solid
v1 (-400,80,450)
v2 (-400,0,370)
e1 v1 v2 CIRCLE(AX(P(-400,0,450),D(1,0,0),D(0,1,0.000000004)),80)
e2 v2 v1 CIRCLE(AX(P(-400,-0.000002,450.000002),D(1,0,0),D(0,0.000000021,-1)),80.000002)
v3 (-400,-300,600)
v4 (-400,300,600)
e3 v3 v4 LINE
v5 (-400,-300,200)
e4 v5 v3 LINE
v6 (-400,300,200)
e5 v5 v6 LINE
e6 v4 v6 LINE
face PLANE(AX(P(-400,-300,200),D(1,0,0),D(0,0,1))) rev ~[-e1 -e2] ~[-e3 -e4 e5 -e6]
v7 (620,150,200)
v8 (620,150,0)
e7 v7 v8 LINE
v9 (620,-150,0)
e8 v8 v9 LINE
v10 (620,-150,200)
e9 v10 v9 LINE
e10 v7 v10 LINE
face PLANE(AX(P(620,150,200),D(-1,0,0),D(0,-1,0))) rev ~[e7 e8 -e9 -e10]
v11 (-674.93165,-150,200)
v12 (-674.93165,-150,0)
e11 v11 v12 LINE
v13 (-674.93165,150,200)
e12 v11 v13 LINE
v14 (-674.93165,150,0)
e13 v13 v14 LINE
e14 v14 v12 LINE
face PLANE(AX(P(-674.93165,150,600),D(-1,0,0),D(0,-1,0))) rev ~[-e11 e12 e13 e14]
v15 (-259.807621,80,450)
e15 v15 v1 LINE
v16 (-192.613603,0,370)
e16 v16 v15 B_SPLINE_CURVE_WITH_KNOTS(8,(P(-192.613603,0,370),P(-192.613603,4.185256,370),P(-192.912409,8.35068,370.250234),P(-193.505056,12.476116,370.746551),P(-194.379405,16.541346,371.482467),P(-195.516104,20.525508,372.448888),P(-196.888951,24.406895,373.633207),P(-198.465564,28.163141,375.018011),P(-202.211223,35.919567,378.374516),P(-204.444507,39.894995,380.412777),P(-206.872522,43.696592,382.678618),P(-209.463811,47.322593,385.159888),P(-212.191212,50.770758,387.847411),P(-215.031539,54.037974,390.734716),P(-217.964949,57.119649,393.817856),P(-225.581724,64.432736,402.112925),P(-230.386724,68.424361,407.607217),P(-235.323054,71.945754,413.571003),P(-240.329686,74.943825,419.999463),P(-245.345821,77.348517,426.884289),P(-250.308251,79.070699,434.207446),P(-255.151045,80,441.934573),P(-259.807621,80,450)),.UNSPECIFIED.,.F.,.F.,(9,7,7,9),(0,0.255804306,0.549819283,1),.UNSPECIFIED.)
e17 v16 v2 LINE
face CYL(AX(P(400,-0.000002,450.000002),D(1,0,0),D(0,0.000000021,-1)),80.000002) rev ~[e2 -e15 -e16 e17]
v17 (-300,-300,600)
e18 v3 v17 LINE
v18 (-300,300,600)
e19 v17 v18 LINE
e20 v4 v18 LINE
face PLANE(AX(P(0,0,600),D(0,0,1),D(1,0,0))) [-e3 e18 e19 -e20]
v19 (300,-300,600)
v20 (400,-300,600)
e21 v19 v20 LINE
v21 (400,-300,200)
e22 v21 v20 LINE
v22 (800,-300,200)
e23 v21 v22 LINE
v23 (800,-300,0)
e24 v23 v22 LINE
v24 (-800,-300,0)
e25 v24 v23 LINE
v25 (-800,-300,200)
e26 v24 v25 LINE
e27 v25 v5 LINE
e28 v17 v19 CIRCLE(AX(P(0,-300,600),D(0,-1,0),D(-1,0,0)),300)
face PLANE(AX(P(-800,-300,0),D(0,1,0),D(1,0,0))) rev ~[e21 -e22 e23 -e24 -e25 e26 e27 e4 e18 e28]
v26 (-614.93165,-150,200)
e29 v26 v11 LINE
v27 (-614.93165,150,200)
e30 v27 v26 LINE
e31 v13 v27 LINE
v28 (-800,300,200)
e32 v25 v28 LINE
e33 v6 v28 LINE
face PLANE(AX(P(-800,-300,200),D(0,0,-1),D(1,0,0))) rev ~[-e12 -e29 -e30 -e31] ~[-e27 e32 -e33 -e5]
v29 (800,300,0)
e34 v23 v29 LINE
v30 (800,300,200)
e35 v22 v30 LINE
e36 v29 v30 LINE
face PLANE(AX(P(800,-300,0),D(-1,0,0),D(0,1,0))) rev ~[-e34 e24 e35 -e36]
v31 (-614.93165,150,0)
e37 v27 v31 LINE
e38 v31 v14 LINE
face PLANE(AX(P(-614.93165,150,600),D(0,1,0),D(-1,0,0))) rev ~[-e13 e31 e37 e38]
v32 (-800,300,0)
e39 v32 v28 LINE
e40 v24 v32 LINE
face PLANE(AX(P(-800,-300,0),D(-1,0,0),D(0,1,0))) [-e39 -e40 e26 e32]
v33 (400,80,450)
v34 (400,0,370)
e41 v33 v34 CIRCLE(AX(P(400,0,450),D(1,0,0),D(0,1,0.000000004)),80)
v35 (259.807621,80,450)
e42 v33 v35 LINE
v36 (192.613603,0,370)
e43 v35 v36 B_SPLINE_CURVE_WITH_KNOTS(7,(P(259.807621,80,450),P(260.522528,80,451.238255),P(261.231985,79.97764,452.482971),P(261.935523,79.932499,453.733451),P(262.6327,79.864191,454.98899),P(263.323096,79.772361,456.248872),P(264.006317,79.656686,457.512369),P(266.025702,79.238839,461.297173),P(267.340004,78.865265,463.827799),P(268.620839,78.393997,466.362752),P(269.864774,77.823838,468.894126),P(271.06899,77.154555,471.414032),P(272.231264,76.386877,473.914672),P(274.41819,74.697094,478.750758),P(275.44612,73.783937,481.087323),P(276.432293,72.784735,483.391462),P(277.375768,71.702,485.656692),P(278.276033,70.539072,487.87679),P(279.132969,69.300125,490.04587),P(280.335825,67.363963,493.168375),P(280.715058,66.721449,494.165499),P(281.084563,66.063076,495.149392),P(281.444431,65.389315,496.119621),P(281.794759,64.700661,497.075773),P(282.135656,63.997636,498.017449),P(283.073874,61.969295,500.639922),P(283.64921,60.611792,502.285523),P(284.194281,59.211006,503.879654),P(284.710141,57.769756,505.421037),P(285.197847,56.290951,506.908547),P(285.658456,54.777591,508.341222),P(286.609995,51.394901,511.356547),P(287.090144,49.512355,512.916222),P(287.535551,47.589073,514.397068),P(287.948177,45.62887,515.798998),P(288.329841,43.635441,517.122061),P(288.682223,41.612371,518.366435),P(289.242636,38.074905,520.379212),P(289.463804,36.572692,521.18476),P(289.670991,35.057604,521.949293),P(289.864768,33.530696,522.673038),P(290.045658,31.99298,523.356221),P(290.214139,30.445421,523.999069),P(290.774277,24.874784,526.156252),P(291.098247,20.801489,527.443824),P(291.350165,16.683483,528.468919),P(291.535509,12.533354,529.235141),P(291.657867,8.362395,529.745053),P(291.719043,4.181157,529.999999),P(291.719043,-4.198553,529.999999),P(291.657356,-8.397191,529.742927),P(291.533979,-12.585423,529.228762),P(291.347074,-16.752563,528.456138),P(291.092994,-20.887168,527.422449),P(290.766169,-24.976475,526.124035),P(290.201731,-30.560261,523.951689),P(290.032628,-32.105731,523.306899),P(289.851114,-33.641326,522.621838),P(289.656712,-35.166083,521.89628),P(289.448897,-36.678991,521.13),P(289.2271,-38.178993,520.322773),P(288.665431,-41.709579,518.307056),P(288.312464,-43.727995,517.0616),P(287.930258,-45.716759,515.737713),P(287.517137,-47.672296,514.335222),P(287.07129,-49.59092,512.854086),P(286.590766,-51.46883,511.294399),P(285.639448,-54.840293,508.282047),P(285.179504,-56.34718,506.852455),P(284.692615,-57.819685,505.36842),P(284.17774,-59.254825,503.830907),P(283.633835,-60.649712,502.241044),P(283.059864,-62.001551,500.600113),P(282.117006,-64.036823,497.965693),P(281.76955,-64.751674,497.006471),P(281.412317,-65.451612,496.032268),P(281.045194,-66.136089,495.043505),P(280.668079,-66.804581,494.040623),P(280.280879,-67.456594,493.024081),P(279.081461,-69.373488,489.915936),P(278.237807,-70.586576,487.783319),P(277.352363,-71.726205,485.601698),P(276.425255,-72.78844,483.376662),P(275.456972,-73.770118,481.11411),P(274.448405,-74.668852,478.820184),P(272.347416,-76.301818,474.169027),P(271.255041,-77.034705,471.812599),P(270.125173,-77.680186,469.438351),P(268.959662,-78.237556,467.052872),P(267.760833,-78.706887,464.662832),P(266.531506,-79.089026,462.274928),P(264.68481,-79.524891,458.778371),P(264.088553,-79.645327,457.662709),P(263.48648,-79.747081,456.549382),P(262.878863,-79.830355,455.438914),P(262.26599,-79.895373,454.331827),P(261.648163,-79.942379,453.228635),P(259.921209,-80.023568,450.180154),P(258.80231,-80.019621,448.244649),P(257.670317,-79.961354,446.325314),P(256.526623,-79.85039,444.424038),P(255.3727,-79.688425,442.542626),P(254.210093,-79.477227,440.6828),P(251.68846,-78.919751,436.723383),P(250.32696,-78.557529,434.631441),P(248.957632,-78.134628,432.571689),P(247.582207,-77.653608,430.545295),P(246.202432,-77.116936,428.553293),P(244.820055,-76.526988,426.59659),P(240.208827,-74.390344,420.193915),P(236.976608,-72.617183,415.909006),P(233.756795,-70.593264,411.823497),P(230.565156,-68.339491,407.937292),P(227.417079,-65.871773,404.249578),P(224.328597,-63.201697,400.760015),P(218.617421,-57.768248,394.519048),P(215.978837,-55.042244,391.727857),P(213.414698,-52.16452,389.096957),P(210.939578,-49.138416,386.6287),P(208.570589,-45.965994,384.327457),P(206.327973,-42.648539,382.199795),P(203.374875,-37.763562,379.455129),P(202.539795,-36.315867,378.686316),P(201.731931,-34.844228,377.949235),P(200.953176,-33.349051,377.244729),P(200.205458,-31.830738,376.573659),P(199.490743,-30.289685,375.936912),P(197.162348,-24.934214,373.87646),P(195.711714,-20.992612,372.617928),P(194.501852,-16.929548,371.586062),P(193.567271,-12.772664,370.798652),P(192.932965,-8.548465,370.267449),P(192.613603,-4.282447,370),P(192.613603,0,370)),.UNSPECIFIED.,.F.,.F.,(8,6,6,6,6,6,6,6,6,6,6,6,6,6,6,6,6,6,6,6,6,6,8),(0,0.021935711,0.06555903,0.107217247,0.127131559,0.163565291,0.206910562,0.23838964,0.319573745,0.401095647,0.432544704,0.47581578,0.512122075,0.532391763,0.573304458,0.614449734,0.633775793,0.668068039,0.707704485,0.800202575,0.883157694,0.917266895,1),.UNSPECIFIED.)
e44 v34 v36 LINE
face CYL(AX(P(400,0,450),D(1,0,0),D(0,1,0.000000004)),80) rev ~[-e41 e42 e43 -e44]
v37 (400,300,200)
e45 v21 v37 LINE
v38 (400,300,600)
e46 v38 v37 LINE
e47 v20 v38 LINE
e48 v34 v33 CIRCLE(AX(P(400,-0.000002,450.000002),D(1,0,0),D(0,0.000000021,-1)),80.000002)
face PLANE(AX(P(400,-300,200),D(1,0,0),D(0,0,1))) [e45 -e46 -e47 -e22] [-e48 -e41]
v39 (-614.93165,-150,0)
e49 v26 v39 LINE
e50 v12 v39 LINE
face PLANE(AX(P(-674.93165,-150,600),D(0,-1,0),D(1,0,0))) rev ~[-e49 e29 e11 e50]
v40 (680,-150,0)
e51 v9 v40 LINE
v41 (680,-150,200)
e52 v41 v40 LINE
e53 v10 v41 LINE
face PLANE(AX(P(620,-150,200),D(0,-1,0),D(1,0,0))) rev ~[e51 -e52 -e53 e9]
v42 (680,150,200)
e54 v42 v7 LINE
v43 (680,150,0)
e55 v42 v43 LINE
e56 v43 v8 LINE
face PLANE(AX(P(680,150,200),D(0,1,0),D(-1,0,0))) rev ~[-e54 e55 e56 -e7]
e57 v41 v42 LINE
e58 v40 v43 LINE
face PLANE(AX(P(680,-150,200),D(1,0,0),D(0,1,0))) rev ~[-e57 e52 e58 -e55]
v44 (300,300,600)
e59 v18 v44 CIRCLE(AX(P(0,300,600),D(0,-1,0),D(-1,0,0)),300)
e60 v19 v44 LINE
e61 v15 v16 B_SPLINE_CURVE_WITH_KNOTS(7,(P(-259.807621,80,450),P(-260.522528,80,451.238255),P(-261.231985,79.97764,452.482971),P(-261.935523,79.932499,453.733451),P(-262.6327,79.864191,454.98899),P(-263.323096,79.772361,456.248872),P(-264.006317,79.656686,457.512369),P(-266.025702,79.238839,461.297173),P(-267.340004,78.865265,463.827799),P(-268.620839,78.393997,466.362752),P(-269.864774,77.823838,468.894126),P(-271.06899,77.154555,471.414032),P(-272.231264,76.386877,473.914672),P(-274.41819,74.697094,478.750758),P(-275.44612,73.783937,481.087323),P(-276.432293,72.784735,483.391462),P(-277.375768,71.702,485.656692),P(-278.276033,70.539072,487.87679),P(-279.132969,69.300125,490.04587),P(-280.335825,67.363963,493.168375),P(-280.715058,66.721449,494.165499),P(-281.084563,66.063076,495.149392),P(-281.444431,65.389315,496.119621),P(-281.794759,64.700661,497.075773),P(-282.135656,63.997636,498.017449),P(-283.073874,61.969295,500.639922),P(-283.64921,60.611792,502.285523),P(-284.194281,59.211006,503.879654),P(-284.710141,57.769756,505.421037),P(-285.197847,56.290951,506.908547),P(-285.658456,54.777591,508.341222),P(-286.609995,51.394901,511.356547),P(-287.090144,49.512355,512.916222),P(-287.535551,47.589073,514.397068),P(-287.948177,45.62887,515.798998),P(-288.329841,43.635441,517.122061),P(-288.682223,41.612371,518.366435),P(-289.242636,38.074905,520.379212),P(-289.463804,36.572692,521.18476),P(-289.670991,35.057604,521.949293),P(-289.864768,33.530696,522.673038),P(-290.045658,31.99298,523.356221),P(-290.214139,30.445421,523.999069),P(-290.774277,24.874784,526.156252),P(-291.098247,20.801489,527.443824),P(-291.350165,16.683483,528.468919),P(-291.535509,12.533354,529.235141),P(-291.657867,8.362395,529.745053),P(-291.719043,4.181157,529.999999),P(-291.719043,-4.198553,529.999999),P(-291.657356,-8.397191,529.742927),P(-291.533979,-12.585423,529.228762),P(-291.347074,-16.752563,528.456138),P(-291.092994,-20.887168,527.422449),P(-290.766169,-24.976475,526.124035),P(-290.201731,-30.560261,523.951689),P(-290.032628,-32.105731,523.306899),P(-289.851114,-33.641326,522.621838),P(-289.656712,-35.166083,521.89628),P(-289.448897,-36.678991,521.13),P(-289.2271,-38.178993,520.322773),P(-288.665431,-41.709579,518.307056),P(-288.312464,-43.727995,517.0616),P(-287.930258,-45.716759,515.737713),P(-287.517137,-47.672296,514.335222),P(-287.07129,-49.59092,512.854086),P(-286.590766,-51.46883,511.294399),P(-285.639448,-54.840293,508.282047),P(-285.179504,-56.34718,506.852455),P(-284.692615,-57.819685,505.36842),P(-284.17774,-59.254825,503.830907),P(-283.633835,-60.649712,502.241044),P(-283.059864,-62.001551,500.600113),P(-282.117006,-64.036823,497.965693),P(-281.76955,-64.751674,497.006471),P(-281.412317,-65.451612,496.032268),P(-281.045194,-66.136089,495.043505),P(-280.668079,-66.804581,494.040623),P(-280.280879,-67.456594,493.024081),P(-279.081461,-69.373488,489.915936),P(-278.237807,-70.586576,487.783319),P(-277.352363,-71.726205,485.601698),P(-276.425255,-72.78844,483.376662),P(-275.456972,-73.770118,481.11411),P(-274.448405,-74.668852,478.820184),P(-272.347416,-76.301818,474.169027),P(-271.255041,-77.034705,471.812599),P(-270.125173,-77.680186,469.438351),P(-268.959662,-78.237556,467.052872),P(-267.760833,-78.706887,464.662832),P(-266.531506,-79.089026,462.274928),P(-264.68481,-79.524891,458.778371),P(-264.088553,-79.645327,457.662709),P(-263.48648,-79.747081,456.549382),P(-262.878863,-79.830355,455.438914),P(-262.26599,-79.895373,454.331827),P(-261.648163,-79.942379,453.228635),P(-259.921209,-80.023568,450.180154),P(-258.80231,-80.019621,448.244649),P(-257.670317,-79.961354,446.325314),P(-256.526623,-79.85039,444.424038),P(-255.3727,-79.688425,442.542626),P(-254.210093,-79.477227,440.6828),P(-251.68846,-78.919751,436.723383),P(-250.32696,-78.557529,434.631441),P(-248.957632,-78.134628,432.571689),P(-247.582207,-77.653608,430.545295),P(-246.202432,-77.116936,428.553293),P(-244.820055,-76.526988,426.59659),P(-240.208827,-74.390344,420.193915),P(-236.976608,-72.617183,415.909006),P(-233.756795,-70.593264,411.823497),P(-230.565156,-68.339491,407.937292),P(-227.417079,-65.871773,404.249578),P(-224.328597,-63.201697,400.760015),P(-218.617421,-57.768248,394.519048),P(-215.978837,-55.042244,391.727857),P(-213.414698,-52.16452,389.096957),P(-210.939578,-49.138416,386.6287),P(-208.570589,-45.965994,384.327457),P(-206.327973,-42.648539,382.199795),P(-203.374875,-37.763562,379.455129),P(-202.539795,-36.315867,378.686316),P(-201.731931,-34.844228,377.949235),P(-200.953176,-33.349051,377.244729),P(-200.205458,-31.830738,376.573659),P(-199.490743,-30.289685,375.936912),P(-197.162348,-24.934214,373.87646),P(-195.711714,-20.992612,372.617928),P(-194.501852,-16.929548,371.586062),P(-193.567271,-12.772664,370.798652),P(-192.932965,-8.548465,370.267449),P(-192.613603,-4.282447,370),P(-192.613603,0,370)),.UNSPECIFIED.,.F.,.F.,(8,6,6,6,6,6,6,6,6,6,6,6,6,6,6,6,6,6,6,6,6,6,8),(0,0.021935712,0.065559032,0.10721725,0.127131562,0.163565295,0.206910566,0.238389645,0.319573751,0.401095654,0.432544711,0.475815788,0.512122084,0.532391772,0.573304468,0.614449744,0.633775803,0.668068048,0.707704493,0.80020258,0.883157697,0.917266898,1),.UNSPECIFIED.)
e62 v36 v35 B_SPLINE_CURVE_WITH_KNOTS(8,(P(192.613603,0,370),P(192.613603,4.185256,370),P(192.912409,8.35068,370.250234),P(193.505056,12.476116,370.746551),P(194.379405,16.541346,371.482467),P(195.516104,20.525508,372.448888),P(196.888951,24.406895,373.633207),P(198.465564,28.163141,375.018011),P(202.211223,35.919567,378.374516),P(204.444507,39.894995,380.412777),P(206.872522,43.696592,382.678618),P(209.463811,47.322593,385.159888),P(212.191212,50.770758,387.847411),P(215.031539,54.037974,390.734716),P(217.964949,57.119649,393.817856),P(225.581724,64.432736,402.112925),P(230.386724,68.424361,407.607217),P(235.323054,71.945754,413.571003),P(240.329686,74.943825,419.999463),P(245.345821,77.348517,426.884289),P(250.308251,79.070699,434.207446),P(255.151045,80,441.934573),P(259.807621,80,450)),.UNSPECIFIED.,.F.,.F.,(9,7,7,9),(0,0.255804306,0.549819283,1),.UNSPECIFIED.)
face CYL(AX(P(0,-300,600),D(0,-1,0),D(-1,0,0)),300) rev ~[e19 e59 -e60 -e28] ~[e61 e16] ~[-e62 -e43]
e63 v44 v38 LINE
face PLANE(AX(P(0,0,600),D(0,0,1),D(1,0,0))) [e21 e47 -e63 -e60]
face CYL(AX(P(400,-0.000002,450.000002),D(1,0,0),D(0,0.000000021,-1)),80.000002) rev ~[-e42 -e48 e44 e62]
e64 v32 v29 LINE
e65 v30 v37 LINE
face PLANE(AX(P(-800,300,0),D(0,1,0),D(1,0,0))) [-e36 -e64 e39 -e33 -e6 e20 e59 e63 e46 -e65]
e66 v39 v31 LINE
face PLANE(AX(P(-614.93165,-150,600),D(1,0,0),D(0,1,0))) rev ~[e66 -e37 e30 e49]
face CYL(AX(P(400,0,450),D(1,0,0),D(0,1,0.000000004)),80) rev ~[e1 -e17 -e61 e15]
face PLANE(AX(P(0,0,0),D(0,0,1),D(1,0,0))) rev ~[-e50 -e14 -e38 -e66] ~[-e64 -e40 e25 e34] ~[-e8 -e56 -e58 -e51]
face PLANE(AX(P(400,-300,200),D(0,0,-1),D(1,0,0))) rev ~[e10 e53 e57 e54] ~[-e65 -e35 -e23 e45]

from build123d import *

# Parameters (mm, degrees)
F0_W      = 1600
F0_H      = 600
F1_DEPTH  = 600
F3_DEPTH  = 600.001
F5_W      = 400
F5_H      = 400
F6_DEPTH  = 600.001
F7_W      = 400
F7_H      = 400
F8_DEPTH  = 600.001
F10_DEPTH = 1400
F12_DEPTH = 200.001
F14_DEPTH = 600.001


with BuildPart() as f1:
    # F0 (on Top) → F1 (new body)
    with BuildSketch(Plane.XY):
        Rectangle(F0_W, F0_H)
    extrude(amount=F1_DEPTH)

    # F2 (on face) → F3 (cut, through all)
    with BuildSketch(Plane.XZ.offset(300)):
        with BuildLine():
            ThreePointArc((-300, 600), (0, 300), (300, 600))
            Line((300, 600), (-300, 600))
        make_face()
    extrude(amount=-F3_DEPTH, mode=Mode.SUBTRACT)

    # F5 (on face) → F6 (cut, through all)
    with BuildSketch(Plane.XZ.offset(300)):
        with Locations((600, 400)):
            Rectangle(F5_W, F5_H)
    extrude(amount=-F6_DEPTH, mode=Mode.SUBTRACT)

    # F7 (on face) → F8 (cut, through all)
    with BuildSketch(Plane.XZ.offset(300)):
        with Locations((-600, 400)):
            Rectangle(F7_W, F7_H)
    extrude(amount=-F8_DEPTH, mode=Mode.SUBTRACT)

    # F9 (on face) → F10 (cut)
    with BuildSketch(Plane.YZ.offset(400)):
        with BuildLine():
            ThreePointArc((80, 450), (-56.568542, 506.568542), (0, 370))
            ThreePointArc((0, 370), (56.568542, 393.431458), (80, 450))
        make_face()
    extrude(amount=-F10_DEPTH, mode=Mode.SUBTRACT)

    # F11 (on face) → F12 (cut, through all)
    with BuildSketch(Plane.XY.offset(200)):
        Polygon((680, -150), (680, 0), (680, 150), (620, 150), (620, -150), align=None)
    extrude(amount=-F12_DEPTH, mode=Mode.SUBTRACT)

    # F13 (on face) → F14 (cut, through all)
    with BuildSketch(Plane.XY.offset(600)):
        Polygon((-674.93165, 0), (-674.93165, -150), (-614.93165, -150), (-614.93165, 150), (-674.93165, 150), align=None)
    extrude(amount=-F14_DEPTH, mode=Mode.SUBTRACT)


solid = f1.part
